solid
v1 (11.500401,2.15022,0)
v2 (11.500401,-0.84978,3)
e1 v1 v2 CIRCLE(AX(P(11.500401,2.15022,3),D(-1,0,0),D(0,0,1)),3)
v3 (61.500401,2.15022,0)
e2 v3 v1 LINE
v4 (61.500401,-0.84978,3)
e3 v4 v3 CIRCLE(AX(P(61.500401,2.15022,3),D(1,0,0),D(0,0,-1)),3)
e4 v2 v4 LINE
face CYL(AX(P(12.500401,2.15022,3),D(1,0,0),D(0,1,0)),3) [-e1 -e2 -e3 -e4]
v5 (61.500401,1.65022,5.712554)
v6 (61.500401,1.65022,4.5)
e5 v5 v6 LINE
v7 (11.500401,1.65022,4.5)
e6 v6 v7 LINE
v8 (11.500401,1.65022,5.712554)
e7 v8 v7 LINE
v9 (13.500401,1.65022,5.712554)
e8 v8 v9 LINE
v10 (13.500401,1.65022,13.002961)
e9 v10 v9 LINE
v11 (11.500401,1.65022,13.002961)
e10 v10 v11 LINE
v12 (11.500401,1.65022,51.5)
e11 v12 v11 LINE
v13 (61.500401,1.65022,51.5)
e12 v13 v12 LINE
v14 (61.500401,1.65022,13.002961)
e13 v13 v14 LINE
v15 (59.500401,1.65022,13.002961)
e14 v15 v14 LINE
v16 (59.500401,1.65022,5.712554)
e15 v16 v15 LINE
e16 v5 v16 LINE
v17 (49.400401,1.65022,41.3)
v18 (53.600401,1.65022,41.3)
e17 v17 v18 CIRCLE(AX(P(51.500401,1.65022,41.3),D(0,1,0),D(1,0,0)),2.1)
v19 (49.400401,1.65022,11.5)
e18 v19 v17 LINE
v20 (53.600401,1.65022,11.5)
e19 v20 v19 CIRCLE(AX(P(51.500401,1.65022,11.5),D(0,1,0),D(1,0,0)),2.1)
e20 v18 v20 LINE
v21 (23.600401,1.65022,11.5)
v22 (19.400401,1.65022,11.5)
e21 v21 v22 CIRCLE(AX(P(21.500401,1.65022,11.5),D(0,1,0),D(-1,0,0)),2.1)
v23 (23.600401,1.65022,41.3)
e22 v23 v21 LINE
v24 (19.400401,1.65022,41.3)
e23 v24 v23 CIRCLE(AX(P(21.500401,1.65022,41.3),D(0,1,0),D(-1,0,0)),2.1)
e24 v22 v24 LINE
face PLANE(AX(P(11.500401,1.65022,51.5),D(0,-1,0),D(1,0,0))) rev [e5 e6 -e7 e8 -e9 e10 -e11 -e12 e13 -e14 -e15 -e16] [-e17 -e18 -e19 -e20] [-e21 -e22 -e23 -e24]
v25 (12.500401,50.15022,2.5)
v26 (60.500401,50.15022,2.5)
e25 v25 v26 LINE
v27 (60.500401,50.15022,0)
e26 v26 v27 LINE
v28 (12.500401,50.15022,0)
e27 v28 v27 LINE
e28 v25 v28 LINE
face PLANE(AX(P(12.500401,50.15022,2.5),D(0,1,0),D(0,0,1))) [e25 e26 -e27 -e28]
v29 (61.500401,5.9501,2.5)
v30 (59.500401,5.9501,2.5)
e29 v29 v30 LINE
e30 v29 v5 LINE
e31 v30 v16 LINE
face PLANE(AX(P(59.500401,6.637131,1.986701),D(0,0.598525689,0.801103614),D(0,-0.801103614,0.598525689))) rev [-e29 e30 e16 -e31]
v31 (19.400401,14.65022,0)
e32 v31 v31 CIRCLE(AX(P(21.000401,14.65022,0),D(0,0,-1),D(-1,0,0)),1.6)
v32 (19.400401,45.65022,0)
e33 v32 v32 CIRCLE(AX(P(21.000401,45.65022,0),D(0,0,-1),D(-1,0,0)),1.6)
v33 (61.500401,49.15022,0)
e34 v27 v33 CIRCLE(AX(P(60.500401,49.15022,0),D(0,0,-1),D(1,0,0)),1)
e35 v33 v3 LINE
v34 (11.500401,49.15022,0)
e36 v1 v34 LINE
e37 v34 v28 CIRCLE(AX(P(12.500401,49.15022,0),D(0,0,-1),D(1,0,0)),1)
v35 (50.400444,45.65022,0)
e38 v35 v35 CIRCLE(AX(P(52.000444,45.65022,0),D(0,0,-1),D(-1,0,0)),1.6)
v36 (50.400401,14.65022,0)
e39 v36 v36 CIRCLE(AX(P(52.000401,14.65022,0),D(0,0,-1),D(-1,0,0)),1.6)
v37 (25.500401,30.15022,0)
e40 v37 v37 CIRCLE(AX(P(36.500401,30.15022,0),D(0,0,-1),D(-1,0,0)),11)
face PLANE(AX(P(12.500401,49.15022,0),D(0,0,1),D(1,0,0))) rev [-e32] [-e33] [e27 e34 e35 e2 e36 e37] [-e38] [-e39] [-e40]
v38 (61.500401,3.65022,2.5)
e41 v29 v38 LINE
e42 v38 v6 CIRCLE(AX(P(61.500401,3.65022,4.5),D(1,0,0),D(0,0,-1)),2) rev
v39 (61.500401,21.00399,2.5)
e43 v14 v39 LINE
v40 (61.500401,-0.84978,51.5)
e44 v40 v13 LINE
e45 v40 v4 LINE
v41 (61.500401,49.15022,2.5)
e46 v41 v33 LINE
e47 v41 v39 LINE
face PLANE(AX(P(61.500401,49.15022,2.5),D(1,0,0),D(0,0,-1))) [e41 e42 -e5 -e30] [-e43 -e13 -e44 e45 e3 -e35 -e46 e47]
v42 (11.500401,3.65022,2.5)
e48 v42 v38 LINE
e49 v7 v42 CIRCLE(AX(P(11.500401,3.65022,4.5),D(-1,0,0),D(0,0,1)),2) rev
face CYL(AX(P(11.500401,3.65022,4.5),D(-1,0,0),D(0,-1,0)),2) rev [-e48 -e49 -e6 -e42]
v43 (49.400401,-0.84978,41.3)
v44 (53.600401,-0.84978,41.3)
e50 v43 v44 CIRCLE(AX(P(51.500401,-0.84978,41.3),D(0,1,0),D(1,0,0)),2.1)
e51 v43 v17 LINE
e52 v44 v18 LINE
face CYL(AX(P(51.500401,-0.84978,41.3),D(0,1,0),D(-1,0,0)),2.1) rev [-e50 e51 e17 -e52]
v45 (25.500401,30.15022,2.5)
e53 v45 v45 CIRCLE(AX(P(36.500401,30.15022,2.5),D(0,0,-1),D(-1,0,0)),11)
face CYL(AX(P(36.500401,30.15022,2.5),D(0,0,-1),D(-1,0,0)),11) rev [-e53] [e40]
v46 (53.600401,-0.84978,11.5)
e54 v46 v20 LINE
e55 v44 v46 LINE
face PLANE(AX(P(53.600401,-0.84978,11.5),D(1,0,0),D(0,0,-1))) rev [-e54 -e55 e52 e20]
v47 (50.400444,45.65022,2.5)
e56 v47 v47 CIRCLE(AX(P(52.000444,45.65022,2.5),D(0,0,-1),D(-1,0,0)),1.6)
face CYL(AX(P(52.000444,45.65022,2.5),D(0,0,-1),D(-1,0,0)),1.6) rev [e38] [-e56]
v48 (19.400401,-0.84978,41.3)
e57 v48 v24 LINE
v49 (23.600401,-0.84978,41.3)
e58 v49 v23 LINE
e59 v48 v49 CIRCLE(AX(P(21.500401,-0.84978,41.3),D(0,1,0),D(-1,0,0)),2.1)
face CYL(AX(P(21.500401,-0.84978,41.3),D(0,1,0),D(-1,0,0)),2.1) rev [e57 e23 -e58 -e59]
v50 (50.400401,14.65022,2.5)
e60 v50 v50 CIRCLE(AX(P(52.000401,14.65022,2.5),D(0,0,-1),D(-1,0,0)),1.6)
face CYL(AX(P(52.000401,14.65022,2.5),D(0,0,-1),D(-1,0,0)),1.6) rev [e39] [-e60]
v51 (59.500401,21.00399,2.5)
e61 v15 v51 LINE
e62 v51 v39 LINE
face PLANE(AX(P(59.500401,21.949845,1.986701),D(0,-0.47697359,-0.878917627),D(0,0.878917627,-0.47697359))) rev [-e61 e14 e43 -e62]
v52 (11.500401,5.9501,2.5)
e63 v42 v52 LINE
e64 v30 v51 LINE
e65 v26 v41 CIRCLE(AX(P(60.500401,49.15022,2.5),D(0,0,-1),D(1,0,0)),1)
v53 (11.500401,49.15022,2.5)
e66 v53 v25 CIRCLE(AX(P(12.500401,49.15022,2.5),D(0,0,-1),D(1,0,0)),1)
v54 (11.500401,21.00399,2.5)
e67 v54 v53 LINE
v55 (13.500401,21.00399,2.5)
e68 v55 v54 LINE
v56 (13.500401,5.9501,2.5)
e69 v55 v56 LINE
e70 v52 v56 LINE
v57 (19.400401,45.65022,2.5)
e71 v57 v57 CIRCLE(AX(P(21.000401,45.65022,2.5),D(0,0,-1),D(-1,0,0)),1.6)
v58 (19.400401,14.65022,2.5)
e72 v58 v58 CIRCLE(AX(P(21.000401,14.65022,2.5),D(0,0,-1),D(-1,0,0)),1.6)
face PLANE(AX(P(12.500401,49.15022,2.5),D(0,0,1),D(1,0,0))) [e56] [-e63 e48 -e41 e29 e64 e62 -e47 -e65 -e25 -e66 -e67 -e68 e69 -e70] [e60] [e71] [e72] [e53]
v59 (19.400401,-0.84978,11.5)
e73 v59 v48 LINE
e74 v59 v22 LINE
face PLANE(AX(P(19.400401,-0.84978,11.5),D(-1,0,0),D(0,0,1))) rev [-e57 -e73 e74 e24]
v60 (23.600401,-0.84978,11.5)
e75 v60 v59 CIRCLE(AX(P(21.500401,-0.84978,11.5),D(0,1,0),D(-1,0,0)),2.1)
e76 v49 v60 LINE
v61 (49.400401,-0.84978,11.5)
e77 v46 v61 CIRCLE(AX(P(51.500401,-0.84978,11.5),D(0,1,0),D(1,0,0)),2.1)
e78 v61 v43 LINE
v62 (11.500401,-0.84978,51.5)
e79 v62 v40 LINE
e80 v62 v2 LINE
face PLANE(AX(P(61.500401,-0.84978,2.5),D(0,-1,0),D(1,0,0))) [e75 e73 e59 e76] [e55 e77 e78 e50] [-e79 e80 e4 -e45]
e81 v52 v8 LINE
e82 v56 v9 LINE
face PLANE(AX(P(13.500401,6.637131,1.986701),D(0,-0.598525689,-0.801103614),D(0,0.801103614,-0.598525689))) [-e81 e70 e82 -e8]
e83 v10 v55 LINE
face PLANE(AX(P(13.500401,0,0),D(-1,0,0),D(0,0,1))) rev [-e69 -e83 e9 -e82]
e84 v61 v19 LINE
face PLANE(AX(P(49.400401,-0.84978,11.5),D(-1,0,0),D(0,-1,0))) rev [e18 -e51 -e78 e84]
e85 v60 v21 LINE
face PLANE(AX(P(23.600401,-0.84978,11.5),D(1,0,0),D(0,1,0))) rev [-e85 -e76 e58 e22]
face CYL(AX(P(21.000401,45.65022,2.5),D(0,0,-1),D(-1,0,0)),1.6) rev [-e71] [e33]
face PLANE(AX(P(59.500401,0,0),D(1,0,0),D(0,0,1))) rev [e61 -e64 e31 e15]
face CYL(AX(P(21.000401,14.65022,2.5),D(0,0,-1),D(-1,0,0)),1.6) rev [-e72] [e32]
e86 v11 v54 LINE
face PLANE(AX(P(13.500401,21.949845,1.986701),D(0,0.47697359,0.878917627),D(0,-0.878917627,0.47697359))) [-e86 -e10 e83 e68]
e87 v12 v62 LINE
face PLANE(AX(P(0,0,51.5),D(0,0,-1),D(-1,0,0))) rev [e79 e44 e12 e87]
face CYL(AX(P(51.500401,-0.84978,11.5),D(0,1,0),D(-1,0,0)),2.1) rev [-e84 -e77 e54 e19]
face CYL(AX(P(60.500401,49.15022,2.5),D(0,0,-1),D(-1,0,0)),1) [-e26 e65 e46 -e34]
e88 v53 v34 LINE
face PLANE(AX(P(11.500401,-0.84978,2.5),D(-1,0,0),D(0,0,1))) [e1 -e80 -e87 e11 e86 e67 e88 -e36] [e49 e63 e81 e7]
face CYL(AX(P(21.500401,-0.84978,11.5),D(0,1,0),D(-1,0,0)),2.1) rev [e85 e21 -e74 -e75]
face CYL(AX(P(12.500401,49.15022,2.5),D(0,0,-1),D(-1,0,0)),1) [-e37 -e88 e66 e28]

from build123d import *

# Parameters (mm, degrees)
ESQUISSE1_R             = 11
ESQUISSE1_R_2           = 1.6
BOSS_EXTRU_1_DEPTH      = 2.5
ESQUISSE2_W             = 50
ESQUISSE2_H             = 2.5
BOSS_EXTRU_2_DEPTH      = 49
ENL_V_MAT_EXTRU_1_DEPTH = 94.737929077
CONG_1_R                = 3
CONG_2_R                = 2
BOSS_EXTRU_3_DEPTH      = 2


with BuildPart() as part:
    # Esquisse1 → Boss.-Extru.1 (new body)
    with BuildSketch(Plane(origin=(0, 0, 0), x_dir=(-1, 0, 0), z_dir=(0, 0, -1))):
        with BuildLine():
            Line((-11.5004012, -0.849780391), (-11.5004012, 49.150219609))
            ThreePointArc((-11.5004012, 49.150219609), (-11.793294419, 49.85732639), (-12.5004012, 50.150219609))
            Line((-12.5004012, 50.150219609), (-60.5004012, 50.150219609))
            ThreePointArc((-60.5004012, 50.150219609), (-61.207507981, 49.85732639), (-61.5004012, 49.150219609))
            Line((-61.5004012, 49.150219609), (-61.5004012, -0.849780391))
            Line((-61.5004012, -0.849780391), (-11.5004012, -0.849780391))
        make_face()
        with Locations((-36.5004012, 30.150219609)):
            Circle(ESQUISSE1_R, mode=Mode.SUBTRACT)
        with Locations((-52.0004012, 14.650219609)):
            Circle(ESQUISSE1_R_2, mode=Mode.SUBTRACT)
        with Locations((-52.000444233, 45.650219609)):
            Circle(ESQUISSE1_R_2, mode=Mode.SUBTRACT)
        with Locations((-21.0004012, 14.650219609)):
            Circle(ESQUISSE1_R_2, mode=Mode.SUBTRACT)
        with Locations((-21.0004012, 45.650219609)):
            Circle(ESQUISSE1_R_2, mode=Mode.SUBTRACT)
    extrude(amount=-BOSS_EXTRU_1_DEPTH)

    # Esquisse2 → Boss.-Extru.2 (add)
    with BuildSketch(Plane.XY.offset(2.5)):
        with Locations((36.5004012, 0.400219609)):
            Rectangle(ESQUISSE2_W, ESQUISSE2_H)
    extrude(amount=BOSS_EXTRU_2_DEPTH)

    # Esquisse5 → Enlèv. mat.-Extru.1 (cut, through all)
    with BuildSketch(Plane(origin=(0, 1.650219609, 0), x_dir=(1, 0, 0), z_dir=(0, 1, 0))):
        with BuildLine():
            Line((23.6004012, -11.5), (23.6004012, -41.3))
            ThreePointArc((23.6004012, -41.3), (21.5004012, -43.4), (19.4004012, -41.3))
            Line((19.4004012, -41.3), (19.4004012, -11.5))
            ThreePointArc((19.4004012, -11.5), (21.5004012, -9.4), (23.6004012, -11.5))
        make_face()
        with BuildLine():
            Line((49.4004012, -11.5), (49.4004012, -41.3))
            ThreePointArc((49.4004012, -41.3), (51.5004012, -43.4), (53.6004012, -41.3))
            Line((53.6004012, -41.3), (53.6004012, -11.5))
            ThreePointArc((53.6004012, -11.5), (51.5004012, -9.4), (49.4004012, -11.5))
        make_face()
    extrude(amount=-ENL_V_MAT_EXTRU_1_DEPTH, mode=Mode.SUBTRACT)

    # Congé1
    cong_1_edges = [part.edges().sort_by_distance(p)[0] for p in [
        (36.5004012, -0.849780391, 0),
    ]]
    fillet(cong_1_edges, radius=CONG_1_R)

    # Congé2
    cong_2_edges = [part.edges().sort_by_distance(p)[0] for p in [
        (36.5004012, 1.650219609, 2.5),
    ]]
    fillet(cong_2_edges, radius=CONG_2_R)

    # Esquisse4 → Boss.-Extru.3 (add)
    with BuildSketch(Plane.ZY.offset(-11.5004012)):
        Polygon((1.986701053, 6.637130702), (6.116686164, 1.109304476), (13.296506434, 1.109304476), (1.986701053, 21.949844729), align=None)
    boss_extru_3 = extrude(amount=-BOSS_EXTRU_3_DEPTH)

    # Symétrie1: Boss.-Extru.3 across plane
    add(boss_extru_3.mirror(Plane.ZY.offset(-36.5004012)))


solid = part.part
